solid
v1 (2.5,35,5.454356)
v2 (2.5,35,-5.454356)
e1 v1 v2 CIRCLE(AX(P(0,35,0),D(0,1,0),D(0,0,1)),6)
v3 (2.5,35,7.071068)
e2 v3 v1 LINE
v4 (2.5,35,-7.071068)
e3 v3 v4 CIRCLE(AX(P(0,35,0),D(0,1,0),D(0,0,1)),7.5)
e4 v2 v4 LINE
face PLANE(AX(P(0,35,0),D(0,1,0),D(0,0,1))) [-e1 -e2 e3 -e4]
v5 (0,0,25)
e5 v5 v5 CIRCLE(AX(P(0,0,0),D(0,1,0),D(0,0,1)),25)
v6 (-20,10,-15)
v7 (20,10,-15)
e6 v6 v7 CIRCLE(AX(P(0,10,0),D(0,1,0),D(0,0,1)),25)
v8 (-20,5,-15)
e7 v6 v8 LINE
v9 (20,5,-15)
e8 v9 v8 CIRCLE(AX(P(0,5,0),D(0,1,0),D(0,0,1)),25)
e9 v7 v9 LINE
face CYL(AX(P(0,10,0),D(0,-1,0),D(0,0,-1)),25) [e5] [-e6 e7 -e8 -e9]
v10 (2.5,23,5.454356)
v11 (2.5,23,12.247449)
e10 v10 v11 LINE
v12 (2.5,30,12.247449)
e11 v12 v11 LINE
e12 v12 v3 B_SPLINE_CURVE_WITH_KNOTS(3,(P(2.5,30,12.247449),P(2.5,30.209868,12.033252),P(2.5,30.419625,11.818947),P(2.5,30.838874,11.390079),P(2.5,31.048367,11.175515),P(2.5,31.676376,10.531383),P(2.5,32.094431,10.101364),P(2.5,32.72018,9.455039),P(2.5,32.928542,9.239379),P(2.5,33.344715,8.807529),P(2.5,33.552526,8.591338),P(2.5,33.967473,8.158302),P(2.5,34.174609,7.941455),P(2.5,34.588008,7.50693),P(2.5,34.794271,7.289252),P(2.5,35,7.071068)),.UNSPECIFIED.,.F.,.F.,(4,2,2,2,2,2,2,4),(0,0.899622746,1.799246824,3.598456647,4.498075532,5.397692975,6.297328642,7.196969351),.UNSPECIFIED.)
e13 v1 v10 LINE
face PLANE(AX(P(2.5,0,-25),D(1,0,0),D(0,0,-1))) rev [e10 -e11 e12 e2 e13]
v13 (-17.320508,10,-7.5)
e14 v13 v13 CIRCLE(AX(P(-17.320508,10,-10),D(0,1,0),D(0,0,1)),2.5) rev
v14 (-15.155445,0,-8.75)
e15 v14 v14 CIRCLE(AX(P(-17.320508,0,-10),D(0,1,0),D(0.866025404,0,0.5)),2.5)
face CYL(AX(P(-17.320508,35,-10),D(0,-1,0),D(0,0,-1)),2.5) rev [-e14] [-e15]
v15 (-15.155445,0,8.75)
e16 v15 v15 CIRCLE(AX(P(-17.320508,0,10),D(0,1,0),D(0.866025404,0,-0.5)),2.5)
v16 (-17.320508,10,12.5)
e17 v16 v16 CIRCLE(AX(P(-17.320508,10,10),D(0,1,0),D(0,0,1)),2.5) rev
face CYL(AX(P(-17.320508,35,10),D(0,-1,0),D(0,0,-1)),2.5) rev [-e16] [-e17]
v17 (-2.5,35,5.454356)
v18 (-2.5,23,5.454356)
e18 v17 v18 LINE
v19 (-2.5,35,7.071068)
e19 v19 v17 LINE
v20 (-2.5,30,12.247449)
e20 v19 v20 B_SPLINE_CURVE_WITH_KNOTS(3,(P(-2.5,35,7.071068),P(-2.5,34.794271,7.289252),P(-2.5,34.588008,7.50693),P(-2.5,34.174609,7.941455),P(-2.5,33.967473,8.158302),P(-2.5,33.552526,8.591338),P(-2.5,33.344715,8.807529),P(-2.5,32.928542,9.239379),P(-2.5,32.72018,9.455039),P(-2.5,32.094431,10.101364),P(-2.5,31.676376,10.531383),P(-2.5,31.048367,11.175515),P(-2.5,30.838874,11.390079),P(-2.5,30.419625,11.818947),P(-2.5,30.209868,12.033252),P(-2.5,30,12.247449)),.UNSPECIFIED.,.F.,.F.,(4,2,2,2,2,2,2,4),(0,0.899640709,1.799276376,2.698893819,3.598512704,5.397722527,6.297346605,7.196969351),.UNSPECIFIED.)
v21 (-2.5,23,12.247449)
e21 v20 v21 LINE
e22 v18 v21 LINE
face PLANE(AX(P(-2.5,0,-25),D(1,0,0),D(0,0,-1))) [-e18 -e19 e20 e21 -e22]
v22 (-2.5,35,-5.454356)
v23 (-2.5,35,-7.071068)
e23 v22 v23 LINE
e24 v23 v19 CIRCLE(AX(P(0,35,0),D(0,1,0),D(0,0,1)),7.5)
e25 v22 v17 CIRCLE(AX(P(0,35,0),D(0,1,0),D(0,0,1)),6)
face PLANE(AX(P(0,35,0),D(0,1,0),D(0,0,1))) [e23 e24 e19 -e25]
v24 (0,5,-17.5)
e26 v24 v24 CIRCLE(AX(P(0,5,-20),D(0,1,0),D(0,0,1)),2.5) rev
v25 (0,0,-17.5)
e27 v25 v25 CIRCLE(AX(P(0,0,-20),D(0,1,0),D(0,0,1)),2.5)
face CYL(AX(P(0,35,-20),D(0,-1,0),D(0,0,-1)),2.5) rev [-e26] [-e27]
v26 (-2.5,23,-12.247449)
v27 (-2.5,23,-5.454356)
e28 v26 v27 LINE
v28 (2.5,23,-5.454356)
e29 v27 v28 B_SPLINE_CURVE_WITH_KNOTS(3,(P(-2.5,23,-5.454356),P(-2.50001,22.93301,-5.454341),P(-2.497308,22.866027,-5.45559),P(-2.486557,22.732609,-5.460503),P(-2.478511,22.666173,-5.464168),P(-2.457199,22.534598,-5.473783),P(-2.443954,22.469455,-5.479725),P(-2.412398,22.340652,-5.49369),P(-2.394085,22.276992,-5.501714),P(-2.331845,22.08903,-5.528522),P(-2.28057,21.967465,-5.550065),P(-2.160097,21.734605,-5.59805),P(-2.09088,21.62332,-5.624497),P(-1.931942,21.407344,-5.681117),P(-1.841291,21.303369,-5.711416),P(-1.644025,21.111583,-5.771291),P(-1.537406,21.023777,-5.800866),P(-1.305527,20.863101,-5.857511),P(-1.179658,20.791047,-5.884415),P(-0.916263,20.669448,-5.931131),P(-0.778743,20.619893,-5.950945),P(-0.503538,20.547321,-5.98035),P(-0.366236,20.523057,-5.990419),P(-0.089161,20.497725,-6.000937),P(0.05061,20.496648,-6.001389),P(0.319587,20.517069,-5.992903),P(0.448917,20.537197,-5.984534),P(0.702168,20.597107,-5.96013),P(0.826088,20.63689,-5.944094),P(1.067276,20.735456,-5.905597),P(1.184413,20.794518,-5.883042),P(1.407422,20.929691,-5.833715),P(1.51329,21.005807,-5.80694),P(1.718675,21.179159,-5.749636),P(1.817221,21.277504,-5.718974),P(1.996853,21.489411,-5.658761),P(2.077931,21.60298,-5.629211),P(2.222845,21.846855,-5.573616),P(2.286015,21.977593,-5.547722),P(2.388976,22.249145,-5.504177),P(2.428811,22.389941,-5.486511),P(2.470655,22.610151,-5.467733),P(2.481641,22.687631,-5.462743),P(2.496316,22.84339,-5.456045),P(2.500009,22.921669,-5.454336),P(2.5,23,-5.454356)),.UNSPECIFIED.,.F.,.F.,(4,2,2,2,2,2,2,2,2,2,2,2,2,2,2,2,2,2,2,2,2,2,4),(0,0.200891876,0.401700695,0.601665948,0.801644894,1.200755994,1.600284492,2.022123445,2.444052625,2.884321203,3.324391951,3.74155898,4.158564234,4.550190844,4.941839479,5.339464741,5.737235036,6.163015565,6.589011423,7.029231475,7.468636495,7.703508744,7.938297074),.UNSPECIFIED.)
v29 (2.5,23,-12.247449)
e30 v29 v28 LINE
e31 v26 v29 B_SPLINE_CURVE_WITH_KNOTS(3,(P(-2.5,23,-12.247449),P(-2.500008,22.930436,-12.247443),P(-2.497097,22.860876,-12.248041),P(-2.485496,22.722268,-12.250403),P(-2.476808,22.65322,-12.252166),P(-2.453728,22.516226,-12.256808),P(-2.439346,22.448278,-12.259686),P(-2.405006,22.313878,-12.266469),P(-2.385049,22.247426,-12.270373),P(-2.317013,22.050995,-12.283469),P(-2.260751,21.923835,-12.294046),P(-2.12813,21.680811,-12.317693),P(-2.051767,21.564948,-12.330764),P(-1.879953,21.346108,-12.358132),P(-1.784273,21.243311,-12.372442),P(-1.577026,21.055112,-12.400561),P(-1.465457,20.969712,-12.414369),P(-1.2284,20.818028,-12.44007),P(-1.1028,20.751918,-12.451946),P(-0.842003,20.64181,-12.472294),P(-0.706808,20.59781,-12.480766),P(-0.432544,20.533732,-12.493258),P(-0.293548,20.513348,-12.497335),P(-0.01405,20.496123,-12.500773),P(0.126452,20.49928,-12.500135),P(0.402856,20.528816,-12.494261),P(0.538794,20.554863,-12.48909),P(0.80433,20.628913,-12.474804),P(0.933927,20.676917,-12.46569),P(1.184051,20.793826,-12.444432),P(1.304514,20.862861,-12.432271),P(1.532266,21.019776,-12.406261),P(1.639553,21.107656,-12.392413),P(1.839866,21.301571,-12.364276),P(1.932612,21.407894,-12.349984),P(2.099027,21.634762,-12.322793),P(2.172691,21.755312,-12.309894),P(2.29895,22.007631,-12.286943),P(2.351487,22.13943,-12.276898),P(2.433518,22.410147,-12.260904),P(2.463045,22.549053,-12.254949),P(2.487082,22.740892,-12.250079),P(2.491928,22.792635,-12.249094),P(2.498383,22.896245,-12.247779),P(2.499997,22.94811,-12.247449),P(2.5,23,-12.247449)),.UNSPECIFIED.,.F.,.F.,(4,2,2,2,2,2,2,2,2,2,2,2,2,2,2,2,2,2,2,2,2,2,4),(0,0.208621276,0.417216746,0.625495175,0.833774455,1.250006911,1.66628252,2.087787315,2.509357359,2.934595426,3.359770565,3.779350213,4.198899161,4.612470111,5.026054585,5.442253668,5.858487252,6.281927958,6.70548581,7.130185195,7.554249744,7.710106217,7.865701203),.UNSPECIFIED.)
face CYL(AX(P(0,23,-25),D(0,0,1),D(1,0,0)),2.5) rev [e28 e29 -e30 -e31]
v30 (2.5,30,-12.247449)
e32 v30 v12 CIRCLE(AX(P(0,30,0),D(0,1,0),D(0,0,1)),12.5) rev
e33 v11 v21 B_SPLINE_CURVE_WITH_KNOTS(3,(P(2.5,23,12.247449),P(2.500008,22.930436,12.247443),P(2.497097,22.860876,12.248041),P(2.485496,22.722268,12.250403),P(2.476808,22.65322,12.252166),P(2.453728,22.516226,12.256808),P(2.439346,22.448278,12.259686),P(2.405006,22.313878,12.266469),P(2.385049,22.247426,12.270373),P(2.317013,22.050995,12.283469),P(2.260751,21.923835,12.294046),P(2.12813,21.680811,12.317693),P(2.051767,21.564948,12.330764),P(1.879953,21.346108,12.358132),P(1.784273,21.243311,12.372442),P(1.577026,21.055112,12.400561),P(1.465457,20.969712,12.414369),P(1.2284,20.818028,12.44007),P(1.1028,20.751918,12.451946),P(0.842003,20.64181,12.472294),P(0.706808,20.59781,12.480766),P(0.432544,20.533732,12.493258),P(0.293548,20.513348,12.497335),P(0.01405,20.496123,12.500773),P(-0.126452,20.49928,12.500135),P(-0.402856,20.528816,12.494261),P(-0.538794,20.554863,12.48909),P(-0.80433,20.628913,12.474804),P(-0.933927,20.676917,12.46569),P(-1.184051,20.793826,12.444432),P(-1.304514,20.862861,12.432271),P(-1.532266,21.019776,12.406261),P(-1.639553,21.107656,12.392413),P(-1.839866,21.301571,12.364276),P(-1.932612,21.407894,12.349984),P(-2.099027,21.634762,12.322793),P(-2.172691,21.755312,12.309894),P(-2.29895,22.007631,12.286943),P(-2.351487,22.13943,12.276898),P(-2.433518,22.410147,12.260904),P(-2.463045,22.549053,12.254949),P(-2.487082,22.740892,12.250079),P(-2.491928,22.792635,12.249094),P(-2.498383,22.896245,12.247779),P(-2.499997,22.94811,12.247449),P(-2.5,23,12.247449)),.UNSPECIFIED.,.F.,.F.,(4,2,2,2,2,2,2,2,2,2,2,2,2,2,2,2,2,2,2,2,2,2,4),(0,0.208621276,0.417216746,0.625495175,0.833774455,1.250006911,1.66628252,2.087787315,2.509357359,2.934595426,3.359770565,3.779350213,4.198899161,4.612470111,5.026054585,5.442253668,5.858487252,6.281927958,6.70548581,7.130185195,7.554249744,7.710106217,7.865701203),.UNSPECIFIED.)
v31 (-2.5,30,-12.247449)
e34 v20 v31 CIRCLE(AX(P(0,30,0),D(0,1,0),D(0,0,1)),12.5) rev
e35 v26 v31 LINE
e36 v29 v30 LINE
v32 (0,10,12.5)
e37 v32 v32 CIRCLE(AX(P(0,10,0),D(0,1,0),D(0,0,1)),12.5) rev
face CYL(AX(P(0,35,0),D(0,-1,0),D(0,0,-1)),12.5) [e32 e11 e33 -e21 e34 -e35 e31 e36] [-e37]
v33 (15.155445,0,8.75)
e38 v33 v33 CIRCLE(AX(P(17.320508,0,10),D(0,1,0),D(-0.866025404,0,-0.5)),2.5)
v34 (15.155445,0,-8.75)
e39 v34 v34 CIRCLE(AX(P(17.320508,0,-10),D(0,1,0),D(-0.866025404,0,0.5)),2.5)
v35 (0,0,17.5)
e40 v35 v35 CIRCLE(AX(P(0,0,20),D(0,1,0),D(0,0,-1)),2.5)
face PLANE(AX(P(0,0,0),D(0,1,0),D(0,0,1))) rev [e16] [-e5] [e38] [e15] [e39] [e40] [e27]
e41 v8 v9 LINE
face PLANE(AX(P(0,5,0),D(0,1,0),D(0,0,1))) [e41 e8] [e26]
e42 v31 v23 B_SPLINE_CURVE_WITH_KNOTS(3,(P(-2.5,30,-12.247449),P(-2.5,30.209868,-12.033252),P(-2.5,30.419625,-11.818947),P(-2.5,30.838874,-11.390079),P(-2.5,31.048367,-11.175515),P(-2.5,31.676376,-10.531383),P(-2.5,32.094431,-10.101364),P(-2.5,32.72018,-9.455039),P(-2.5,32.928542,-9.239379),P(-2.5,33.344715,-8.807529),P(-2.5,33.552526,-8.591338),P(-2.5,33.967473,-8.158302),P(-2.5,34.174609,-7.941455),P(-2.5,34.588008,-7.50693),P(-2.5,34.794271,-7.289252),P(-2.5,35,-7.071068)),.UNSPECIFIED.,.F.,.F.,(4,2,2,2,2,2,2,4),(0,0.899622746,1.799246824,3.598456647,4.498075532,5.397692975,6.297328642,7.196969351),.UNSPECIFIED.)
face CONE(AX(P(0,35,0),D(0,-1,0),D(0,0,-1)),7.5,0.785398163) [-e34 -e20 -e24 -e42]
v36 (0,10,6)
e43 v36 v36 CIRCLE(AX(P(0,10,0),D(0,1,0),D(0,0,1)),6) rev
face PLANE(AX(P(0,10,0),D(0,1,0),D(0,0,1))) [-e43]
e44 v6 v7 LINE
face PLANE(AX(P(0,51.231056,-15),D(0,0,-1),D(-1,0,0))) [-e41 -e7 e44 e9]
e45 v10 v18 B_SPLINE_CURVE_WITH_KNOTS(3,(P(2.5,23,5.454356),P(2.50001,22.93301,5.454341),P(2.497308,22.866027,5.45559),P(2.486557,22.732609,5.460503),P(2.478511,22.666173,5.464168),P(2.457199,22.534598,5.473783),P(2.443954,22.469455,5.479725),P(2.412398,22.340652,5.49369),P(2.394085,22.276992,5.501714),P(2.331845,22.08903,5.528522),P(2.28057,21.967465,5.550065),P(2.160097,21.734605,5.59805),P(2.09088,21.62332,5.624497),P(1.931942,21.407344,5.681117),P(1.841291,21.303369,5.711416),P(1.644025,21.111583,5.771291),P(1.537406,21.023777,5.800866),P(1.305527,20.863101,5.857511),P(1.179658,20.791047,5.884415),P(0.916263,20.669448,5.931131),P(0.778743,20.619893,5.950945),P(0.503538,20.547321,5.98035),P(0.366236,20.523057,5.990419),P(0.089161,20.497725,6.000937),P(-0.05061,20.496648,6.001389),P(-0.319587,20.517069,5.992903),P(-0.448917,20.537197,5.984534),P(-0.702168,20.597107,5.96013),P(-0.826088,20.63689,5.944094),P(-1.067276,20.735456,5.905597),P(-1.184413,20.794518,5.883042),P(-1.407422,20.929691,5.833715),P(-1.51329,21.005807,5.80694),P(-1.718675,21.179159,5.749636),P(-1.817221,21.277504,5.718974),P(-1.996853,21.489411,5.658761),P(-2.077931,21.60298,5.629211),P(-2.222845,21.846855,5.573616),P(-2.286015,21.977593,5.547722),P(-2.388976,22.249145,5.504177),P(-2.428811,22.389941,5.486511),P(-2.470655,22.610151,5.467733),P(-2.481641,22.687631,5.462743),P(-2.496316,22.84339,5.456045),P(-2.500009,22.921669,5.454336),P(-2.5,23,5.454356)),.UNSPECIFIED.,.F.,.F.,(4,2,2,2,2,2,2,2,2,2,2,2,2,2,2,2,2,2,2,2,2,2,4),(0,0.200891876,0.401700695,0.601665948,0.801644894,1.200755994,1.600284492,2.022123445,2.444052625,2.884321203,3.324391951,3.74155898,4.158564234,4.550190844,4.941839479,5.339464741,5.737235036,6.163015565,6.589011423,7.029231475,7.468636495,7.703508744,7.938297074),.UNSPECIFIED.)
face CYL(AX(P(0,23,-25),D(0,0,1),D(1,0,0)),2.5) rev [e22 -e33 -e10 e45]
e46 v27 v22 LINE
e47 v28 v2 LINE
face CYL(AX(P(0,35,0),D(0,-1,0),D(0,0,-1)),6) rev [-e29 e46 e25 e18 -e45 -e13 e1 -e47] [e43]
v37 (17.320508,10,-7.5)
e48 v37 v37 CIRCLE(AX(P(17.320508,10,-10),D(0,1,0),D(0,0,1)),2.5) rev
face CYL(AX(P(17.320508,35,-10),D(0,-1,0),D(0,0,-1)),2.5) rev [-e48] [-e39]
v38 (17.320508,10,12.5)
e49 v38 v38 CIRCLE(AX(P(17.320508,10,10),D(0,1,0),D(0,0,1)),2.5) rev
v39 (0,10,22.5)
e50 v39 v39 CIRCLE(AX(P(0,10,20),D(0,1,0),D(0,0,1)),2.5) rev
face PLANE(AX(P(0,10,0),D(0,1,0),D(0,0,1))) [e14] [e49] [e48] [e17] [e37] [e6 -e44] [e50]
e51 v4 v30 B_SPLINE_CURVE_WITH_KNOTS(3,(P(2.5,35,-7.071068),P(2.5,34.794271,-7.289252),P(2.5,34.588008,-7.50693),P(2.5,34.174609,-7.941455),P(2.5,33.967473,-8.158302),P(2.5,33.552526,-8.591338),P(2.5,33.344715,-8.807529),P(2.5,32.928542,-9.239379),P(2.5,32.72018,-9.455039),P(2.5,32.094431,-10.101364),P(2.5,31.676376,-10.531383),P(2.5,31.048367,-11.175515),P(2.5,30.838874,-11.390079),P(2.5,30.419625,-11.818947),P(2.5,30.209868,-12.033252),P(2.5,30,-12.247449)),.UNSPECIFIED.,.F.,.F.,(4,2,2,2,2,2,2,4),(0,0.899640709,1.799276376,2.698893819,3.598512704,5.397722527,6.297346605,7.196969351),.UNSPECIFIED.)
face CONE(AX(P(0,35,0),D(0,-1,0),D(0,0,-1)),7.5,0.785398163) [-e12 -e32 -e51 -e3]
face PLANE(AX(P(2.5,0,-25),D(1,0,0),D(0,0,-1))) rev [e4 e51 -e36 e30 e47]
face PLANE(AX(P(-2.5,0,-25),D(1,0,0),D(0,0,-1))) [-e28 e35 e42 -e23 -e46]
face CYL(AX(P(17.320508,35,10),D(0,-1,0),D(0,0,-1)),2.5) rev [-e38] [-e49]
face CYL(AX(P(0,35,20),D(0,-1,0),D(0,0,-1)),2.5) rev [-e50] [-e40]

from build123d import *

# Parameters (mm, degrees)
SKETCH1_R               = 25
BOSS_EXTRUDE1_DEPTH     = 10
SKETCH1_3_R             = 12.5
SKETCH1_3_R_2           = 6
BOSS_EXTRUDE2_DEPTH     = 35
CUT_EXTRUDE1_START      = 5
CUT_EXTRUDE1_DEPTH      = 5
CUT_EXTRUDE2_DEPTH      = 50.749371855
CUT_EXTRUDE2_DEPTH_BACK = 50.749371855
SKETCH3_R               = 2.5
CUT_EXTRUDE3_DEPTH      = 50.749371926
CIRPATTERN1_COUNT       = 6
CHAMFER1_SIZE           = 5


with BuildPart() as part:
    # Sketch1 → Boss-Extrude1 (new body)
    with BuildSketch(Plane(origin=(0, 0, 0), x_dir=(1, 0, 0), z_dir=(0, 1, 0))):
        with Locations(Location((0, 0, 0), (0, 0, 270))):
            Circle(SKETCH1_R)
    extrude(amount=BOSS_EXTRUDE1_DEPTH)

    # Sketch1<3> → Boss-Extrude2 (add)
    with BuildSketch(Plane(origin=(0, 0, 0), x_dir=(1, 0, 0), z_dir=(0, 1, 0))):
        with Locations(Location((0, 0, 0), (0, 0, 270))):
            Circle(SKETCH1_3_R)
        with Locations(Location((0, 0, 0), (0, 0, 270))):
            Circle(SKETCH1_3_R_2, mode=Mode.SUBTRACT)
    extrude(amount=BOSS_EXTRUDE2_DEPTH)

    # Sketch1<5> → Cut-Extrude1 (cut)
    with BuildSketch(Plane(origin=(0, 0, 0), x_dir=(1, 0, 0), z_dir=(0, 1, 0)).offset(CUT_EXTRUDE1_START)):
        with BuildLine():
            ThreePointArc((20, 15), (0, 25), (-20, 15))
            Line((-20, 15), (20, 15))
        make_face()
    extrude(amount=CUT_EXTRUDE1_DEPTH, mode=Mode.SUBTRACT)

    # Sketch2 → Cut-Extrude2 (cut, two sides: drawn at the far end of the back side and taken through both)
    with BuildSketch(Plane.XY.offset(-CUT_EXTRUDE2_DEPTH_BACK)):
        with BuildLine():
            Line((0, 25.5), (0, 35))
            Line((0, 35), (-2.5, 35))
            Line((-2.5, 35), (-2.5, 23))
            ThreePointArc((-2.5, 23), (-1.767766953, 24.767766953), (0, 25.5))
        make_face()
        with BuildLine():
            Line((2.5, 35), (0, 35))
            Line((0, 35), (0, 25.5))
            ThreePointArc((0, 25.5), (1.767766953, 24.767766953), (2.5, 23))
            Line((2.5, 23), (2.5, 35))
        make_face()
        with BuildLine():
            ThreePointArc((2.5, 23), (1.767766953, 24.767766953), (0, 25.5))
            Line((0, 25.5), (0, 23))
            Line((0, 23), (2.5, 23))
        make_face()
        with BuildLine():
            Line((0, 23), (0, 25.5))
            ThreePointArc((0, 25.5), (-1.767766953, 24.767766953), (-2.5, 23))
            Line((-2.5, 23), (0, 23))
        make_face()
        with BuildLine():
            Line((2.5, 23), (0, 23))
            Line((0, 23), (0, 20.5))
            ThreePointArc((0, 20.5), (1.767766953, 21.232233047), (2.5, 23))
        make_face()
        with BuildLine():
            Line((0, 20.5), (0, 23))
            Line((0, 23), (-2.5, 23))
            ThreePointArc((-2.5, 23), (-1.767766953, 21.232233047), (0, 20.5))
        make_face()
    extrude(amount=CUT_EXTRUDE2_DEPTH + CUT_EXTRUDE2_DEPTH_BACK, mode=Mode.SUBTRACT)

    # Sketch3 → Cut-Extrude3 (cut, through all)
    with BuildSketch(Plane(origin=(0, 0, 0), x_dir=(1, 0, 0), z_dir=(0, 1, 0))):
        with Locations(Location((0, 20, 0), (0, 0, 270))):
            Circle(SKETCH3_R)
    cut_extrude3 = extrude(amount=CUT_EXTRUDE3_DEPTH, mode=Mode.SUBTRACT)

    # CirPattern1: Cut-Extrude3 ×6 about axis
    cirpattern1_axis = Axis((0, 0, 0), (0, 1, 0))
    for i in range(1, CIRPATTERN1_COUNT):
        add(cut_extrude3.rotate(cirpattern1_axis, i * 360 / CIRPATTERN1_COUNT), mode=Mode.SUBTRACT)

    # Chamfer1
    chamfer1_edges = [part.edges().sort_by_distance(p)[0] for p in [
        (-12.5, 35, 0),
        (12.5, 35, 0),
    ]]
    chamfer(chamfer1_edges, length=CHAMFER1_SIZE)


solid = part.part
